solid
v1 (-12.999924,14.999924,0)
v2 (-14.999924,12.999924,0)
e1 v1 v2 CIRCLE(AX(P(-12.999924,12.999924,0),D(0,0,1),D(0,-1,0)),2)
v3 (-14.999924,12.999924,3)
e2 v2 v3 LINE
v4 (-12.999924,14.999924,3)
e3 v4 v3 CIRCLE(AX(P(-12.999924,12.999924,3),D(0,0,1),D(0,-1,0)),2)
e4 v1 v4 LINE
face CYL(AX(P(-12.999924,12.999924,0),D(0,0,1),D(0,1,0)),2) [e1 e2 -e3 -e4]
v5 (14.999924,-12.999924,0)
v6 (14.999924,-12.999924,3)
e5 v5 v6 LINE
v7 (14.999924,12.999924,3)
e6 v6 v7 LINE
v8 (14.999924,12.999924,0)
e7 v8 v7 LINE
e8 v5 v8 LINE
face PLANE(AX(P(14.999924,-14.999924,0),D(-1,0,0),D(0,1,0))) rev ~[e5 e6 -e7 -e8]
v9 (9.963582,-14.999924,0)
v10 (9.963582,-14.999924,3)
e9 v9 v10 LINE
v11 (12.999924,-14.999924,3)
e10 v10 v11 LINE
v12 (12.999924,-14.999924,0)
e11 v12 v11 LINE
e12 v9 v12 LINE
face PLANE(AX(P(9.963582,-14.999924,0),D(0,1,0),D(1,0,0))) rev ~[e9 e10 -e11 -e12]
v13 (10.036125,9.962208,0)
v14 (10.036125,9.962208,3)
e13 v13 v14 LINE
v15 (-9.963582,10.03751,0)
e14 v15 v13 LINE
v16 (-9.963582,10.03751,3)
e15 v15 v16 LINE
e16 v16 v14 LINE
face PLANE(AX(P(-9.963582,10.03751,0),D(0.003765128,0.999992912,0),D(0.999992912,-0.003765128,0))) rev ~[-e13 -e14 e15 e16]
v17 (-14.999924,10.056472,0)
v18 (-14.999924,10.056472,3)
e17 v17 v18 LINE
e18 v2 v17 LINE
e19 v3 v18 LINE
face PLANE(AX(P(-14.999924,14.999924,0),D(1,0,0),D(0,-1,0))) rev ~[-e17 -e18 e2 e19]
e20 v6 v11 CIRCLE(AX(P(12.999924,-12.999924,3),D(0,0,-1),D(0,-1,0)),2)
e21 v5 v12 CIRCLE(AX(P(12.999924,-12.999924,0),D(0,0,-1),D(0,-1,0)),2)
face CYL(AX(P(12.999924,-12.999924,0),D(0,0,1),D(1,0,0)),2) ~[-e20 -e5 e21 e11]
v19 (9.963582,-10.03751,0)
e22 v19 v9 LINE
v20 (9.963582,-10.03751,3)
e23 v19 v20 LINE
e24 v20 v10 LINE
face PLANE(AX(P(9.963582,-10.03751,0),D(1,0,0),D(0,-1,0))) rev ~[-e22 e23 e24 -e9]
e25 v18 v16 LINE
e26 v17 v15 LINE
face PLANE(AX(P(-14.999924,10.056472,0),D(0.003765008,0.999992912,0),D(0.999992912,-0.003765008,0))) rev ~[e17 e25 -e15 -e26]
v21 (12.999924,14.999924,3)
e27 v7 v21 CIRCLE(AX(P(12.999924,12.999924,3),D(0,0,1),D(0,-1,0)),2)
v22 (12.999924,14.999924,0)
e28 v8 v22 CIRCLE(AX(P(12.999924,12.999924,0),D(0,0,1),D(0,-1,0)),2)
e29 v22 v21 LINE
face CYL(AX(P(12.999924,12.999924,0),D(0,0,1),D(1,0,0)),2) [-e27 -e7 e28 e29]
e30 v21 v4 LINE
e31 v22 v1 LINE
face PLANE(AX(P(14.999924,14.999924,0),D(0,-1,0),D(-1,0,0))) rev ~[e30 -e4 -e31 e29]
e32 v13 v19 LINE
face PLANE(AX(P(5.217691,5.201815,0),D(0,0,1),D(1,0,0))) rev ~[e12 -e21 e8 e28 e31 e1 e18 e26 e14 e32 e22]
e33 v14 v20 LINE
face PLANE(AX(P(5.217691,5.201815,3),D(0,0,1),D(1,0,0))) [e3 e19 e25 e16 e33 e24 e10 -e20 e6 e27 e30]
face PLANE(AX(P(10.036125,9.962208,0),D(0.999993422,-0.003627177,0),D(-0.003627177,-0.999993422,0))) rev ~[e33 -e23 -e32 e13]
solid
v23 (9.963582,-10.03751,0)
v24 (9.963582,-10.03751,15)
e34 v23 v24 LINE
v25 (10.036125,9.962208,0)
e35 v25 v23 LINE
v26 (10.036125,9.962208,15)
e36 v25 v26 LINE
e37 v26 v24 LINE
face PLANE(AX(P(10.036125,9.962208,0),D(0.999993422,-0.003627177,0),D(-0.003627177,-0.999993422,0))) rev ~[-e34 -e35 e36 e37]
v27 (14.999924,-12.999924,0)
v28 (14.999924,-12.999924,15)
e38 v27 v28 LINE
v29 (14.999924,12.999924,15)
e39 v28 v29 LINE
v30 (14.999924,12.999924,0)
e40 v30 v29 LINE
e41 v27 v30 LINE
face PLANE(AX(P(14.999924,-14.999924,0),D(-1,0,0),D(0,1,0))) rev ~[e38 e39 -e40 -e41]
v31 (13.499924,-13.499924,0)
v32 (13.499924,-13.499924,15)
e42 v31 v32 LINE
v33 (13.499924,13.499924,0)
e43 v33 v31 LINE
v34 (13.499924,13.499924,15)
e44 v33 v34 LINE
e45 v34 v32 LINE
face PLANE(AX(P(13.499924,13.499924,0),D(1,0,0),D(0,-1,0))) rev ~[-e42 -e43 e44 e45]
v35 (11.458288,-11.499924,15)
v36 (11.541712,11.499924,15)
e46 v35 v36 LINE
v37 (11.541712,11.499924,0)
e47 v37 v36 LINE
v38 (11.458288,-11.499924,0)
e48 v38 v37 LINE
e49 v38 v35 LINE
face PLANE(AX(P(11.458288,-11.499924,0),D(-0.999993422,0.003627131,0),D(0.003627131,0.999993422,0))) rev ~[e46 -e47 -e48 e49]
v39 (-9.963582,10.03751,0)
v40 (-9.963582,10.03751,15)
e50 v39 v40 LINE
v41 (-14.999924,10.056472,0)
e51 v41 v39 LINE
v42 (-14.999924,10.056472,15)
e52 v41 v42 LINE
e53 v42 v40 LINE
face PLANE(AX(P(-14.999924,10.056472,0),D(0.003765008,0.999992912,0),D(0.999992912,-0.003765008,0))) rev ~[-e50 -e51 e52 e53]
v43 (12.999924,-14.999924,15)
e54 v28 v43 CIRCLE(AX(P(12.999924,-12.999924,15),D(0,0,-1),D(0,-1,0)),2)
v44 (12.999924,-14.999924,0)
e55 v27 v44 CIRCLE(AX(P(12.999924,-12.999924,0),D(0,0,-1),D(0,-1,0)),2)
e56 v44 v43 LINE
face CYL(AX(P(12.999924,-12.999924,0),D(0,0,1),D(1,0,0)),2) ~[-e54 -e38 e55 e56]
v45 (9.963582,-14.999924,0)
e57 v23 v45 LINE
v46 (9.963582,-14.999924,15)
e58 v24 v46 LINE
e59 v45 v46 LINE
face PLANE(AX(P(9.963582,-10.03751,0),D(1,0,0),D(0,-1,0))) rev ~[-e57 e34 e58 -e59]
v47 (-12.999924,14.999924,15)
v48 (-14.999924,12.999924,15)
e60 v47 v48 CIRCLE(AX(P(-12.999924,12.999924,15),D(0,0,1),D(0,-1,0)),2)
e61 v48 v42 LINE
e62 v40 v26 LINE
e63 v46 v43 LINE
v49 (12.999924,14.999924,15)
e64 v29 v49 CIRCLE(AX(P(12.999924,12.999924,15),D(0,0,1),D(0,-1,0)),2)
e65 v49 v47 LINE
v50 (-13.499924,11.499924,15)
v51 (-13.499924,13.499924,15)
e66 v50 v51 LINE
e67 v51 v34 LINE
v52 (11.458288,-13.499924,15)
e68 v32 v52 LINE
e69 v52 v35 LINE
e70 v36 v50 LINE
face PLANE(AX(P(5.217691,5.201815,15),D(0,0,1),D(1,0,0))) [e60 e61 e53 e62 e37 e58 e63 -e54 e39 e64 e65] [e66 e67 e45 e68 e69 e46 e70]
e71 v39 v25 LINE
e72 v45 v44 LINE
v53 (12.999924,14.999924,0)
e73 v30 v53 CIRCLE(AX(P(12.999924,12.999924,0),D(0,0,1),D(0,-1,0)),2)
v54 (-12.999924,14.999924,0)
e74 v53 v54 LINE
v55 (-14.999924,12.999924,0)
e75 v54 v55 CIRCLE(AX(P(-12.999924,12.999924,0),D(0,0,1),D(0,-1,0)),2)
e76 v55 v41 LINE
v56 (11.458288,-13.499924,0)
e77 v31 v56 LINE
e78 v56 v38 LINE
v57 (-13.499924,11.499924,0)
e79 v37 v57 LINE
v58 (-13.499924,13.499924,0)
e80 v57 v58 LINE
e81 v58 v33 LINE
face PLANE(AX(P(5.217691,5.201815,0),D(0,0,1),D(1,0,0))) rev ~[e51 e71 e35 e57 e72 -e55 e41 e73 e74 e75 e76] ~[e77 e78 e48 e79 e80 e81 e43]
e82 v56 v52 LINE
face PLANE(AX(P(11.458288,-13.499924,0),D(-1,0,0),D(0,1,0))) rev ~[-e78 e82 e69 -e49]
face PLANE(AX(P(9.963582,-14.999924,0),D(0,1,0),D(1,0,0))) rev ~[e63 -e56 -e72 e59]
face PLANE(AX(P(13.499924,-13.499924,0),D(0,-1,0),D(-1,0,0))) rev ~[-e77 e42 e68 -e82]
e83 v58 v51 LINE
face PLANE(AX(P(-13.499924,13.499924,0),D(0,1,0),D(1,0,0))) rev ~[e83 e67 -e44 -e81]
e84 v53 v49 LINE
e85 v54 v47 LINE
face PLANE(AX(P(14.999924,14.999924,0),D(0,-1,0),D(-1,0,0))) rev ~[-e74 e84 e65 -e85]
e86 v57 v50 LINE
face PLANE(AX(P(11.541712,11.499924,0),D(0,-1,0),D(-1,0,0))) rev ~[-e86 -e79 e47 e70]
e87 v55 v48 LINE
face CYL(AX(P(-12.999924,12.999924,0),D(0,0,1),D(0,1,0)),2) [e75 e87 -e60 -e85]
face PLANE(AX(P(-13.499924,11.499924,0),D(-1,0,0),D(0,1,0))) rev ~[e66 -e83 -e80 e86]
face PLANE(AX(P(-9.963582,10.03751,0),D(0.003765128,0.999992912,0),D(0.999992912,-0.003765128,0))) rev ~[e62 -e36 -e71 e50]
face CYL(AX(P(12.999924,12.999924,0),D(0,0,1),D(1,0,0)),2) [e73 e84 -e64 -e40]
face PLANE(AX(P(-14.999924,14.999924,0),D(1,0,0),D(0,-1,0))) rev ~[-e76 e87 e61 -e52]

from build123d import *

# Parameters (mm, degrees)
F1_DEPTH = 3
F2_DEPTH = 15
F3_R     = 2
F4_R     = 2


with BuildPart() as f1:
    # F0 (on Top) → F1 (new body)
    with BuildSketch(Plane.XY):
        Polygon((14.999924, -14.999924), (14.999924, 14.999924), (-14.999924, 14.999924), (-14.999924, 10.056472), (-9.963582, 10.03751), (10.036125, 9.962208), (9.963582, -10.03751), (9.963582, -14.999924), align=None)
        Polygon((-13.499924, 11.499924), (-13.499924, 13.499924), (13.499924, 13.499924), (13.499924, -13.499924), (11.458288, -13.499924), (11.458288, -11.499924), (11.541712, 11.499924), (-11.458288, 11.499924), align=None, mode=Mode.SUBTRACT)
        Polygon((13.499924, 13.499924), (-13.499924, 13.499924), (-13.499924, 11.499924), (-11.458288, 11.499924), (11.541712, 11.499924), (11.458288, -11.499924), (11.458288, -13.499924), (13.499924, -13.499924), align=None)
    extrude(amount=F1_DEPTH)

    # F4
    f4_edges = [f1.edges().sort_by_distance(p)[0] for p in [
        (14.999924, 14.999924, 1.5),
        (14.999924, -14.999924, 1.5),
        (-14.999924, 14.999924, 1.5),
    ]]
    fillet(f4_edges, radius=F4_R)


with BuildPart() as f2:
    # F0 (on Top) → F2 (new body)
    with BuildSketch(Plane.XY):
        Polygon((14.999924, -14.999924), (14.999924, 14.999924), (-14.999924, 14.999924), (-14.999924, 10.056472), (-9.963582, 10.03751), (10.036125, 9.962208), (9.963582, -10.03751), (9.963582, -14.999924), align=None)
        Polygon((-13.499924, 11.499924), (-13.499924, 13.499924), (13.499924, 13.499924), (13.499924, -13.499924), (11.458288, -13.499924), (11.458288, -11.499924), (11.541712, 11.499924), (-11.458288, 11.499924), align=None, mode=Mode.SUBTRACT)
    extrude(amount=F2_DEPTH)

    # F3
    f3_edges = [f2.edges().sort_by_distance(p)[0] for p in [
        (14.999924, -14.999924, 7.5),
        (-14.999924, 14.999924, 7.5),
        (14.999924, 14.999924, 7.5),
    ]]
    fillet(f3_edges, radius=F3_R)


solid = Compound([f1.part, f2.part])
